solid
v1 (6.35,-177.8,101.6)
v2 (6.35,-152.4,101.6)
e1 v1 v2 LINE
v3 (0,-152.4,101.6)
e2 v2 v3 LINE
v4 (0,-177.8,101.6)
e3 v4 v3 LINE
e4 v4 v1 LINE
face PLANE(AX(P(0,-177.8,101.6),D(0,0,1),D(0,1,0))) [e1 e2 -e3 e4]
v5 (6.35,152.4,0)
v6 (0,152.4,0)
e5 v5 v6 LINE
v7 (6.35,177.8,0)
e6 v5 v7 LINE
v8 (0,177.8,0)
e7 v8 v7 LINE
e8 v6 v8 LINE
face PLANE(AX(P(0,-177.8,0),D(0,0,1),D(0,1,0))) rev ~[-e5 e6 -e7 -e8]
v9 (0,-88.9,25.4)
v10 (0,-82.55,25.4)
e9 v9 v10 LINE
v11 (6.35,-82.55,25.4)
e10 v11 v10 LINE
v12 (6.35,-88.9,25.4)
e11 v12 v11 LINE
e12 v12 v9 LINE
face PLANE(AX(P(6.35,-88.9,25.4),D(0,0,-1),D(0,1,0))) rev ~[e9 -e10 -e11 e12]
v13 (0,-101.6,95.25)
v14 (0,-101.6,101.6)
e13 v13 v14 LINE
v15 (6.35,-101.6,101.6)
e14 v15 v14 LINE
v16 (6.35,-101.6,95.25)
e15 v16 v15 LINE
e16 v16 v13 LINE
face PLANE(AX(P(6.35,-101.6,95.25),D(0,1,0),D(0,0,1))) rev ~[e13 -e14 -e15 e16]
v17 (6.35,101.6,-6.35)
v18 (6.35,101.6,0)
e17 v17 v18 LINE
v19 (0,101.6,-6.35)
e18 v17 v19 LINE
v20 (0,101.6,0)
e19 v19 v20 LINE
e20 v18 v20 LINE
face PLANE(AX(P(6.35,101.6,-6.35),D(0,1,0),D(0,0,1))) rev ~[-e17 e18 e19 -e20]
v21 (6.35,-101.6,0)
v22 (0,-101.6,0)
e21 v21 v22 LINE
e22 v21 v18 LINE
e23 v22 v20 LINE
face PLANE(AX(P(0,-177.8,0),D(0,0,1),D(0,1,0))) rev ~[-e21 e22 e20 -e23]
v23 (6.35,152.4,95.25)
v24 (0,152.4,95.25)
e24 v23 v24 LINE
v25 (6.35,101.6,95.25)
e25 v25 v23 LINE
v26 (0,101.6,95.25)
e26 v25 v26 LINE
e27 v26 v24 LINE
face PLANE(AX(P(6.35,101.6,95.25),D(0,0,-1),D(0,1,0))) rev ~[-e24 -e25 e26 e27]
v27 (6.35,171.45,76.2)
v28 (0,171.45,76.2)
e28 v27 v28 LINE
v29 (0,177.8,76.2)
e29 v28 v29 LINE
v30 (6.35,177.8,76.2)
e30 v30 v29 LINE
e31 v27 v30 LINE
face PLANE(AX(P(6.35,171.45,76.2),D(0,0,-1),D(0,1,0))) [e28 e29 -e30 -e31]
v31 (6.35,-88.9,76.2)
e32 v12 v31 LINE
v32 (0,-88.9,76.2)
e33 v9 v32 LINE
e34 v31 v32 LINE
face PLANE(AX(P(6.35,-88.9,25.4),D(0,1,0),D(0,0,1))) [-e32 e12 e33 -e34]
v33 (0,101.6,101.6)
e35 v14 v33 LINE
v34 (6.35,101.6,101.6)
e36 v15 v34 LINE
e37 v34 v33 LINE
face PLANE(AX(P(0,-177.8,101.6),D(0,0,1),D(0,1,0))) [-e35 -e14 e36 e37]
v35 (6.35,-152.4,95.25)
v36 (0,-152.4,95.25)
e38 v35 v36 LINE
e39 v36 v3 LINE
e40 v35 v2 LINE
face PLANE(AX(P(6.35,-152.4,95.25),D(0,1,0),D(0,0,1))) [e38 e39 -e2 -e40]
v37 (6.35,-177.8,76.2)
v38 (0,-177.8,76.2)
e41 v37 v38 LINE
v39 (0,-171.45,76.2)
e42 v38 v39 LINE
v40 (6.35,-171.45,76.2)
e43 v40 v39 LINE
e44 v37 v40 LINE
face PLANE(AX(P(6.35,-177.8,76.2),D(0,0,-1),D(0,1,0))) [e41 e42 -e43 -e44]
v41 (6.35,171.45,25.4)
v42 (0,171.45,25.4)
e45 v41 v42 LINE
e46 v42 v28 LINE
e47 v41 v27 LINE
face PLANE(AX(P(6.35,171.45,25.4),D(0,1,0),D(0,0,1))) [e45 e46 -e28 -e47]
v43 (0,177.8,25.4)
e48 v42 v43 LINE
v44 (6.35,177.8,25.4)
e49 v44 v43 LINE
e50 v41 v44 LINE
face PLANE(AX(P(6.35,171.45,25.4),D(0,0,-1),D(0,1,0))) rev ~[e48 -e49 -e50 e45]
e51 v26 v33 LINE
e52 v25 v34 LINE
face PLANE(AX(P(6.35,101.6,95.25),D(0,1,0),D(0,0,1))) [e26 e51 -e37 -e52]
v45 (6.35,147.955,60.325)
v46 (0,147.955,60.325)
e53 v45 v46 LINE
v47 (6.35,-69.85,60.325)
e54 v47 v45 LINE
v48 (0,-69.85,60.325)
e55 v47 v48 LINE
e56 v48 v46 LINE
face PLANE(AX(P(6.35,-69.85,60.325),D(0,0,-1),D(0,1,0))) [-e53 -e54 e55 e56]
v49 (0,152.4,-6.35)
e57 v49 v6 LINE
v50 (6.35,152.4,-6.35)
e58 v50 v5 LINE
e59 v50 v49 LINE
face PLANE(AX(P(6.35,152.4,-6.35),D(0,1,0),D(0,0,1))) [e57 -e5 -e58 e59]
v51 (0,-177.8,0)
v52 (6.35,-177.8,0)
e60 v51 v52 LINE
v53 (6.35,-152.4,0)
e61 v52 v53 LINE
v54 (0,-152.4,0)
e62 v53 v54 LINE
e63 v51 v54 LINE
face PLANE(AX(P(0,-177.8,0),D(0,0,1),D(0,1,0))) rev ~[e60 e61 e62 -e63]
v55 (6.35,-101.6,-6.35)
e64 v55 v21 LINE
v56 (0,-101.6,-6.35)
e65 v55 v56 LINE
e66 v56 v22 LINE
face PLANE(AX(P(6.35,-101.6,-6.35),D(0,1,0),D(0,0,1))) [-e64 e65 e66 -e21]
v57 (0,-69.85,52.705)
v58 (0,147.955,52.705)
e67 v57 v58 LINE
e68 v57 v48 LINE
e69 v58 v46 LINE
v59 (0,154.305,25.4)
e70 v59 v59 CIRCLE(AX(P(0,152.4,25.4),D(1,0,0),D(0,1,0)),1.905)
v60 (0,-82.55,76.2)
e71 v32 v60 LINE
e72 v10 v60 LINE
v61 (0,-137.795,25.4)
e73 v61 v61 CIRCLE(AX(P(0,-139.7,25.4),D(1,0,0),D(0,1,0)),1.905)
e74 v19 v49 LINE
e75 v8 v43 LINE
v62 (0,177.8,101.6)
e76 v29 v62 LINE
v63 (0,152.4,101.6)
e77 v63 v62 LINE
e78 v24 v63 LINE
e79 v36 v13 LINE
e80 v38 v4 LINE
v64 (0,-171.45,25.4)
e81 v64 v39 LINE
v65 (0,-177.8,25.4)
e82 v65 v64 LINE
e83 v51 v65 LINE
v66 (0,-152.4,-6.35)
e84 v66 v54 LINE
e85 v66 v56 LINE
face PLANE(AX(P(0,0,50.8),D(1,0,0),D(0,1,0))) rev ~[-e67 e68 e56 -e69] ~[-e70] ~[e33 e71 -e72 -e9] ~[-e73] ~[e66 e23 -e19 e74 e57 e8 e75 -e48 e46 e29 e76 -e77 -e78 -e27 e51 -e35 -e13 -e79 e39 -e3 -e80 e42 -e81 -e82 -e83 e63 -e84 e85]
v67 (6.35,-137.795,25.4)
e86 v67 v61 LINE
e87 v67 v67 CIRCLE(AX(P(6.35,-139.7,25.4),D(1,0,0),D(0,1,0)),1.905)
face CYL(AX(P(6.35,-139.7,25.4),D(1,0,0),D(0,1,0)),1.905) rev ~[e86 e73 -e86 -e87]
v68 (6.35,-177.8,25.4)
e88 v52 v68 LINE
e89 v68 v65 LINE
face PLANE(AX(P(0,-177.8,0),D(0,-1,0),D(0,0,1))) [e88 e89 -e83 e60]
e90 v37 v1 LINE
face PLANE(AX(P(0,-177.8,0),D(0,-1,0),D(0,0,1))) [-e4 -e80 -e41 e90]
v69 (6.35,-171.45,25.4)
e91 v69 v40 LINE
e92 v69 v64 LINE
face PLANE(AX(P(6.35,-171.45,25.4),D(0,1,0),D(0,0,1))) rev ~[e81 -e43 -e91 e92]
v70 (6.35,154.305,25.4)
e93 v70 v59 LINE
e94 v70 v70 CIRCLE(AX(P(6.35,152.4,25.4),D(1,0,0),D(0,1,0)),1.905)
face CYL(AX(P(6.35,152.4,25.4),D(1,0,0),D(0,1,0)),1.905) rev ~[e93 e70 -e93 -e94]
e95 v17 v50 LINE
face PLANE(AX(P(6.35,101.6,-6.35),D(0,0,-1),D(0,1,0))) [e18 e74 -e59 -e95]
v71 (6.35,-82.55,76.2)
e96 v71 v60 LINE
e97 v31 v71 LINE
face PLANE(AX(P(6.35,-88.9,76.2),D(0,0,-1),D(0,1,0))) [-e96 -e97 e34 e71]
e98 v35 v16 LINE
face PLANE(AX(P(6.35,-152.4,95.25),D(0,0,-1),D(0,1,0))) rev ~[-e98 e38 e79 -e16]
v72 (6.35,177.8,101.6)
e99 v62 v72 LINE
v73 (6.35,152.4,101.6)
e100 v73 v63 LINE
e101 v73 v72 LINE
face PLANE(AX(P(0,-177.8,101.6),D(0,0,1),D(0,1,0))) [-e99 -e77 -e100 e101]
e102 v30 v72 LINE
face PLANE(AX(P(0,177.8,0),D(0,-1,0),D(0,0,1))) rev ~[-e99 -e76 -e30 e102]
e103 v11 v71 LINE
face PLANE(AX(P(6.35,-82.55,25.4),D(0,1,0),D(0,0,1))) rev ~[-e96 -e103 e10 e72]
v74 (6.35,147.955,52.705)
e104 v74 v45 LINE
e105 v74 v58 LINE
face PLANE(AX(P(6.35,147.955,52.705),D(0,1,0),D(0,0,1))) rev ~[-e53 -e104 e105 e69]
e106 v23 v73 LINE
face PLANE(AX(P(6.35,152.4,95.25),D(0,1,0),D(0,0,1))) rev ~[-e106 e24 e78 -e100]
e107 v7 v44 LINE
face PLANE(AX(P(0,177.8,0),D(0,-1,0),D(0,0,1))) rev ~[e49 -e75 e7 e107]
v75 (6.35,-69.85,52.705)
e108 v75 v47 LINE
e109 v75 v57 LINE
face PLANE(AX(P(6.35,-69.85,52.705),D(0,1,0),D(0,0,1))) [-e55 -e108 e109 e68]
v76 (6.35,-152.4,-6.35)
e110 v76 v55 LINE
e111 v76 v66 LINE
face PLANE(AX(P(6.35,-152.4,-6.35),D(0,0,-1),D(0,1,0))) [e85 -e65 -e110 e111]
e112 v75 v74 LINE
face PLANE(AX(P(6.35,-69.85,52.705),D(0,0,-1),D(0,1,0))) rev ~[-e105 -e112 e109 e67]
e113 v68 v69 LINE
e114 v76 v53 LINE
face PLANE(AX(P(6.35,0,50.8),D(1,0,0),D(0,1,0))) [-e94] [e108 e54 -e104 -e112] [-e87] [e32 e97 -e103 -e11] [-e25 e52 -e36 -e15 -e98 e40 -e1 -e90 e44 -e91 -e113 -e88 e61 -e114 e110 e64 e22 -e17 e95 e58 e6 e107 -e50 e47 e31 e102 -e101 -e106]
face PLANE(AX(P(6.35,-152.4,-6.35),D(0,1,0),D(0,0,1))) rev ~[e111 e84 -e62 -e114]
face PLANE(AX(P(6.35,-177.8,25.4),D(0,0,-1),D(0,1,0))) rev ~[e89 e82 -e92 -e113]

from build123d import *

# Parameters (mm, degrees)
F0_W      = 355.6
F0_H      = 101.6
F1_DEPTH  = 6.35
F2_W      = 50.8
F2_H      = 6.35
F3_DEPTH  = 6.35
F4_R      = 1.905
F5_DEPTH  = 6.351
F6_W      = 6.35
F6_H      = 50.8
F7_DEPTH  = 25.4
F9_W      = 6.35
F9_H      = 50.8
F10_DEPTH = 25.4
F11_W     = 50.8
F11_H     = 6.35
F12_DEPTH = 25.4
F13_W     = 217.805
F13_H     = 7.62
F14_DEPTH = 25.4


with BuildPart() as f1:
    # F0 (on Right) → F1 (new body)
    with BuildSketch(Plane.YZ):
        with Locations((0, 50.8)):
            Rectangle(F0_W, F0_H)
    extrude(amount=F1_DEPTH)

    # F4 (on face) → F5 (cut, through all)
    with BuildSketch(Plane.YZ.offset(6.35)):
        with Locations((152.4, 25.4)):
            Circle(F4_R)
        with Locations((-139.7, 25.4)):
            Circle(F4_R)
    extrude(amount=-F5_DEPTH, mode=Mode.SUBTRACT)

    # F6 (on face) → F7 (cut)
    with BuildSketch(Plane.YZ.offset(6.35)):
        with Locations((174.625, 50.8)):
            Rectangle(F6_W, F6_H)
        with Locations((-174.625, 50.8)):
            Rectangle(F6_W, F6_H)
    extrude(amount=-F7_DEPTH, mode=Mode.SUBTRACT)


with BuildPart() as f3:
    # F2 (on face) → F3 (new body)
    with BuildSketch(Plane.YZ.offset(6.35)):
        with Locations((127, -3.175)):
            Rectangle(F2_W, F2_H)
        with Locations((-127, -3.175)):
            Rectangle(F2_W, F2_H)
    extrude(amount=-F3_DEPTH)

    # F8: union F1
    add(f1.part)

    # F9 (on face) → F10 (cut)
    with BuildSketch(Plane.YZ.offset(6.35)):
        with Locations((-85.725, 50.8)):
            Rectangle(F9_W, F9_H)
    extrude(amount=-F10_DEPTH, mode=Mode.SUBTRACT)

    # F11 (on face) → F12 (cut)
    with BuildSketch(Plane.YZ.offset(6.35)):
        with Locations((-127, 98.425)):
            Rectangle(F11_W, F11_H)
        with Locations((127, 98.425)):
            Rectangle(F11_W, F11_H)
    extrude(amount=-F12_DEPTH, mode=Mode.SUBTRACT)

    # F13 (on face) → F14 (cut)
    with BuildSketch(Plane.YZ.offset(6.35)):
        with Locations((39.0525, 56.515)):
            Rectangle(F13_W, F13_H)
    extrude(amount=-F14_DEPTH, mode=Mode.SUBTRACT)


solid = f3.part
